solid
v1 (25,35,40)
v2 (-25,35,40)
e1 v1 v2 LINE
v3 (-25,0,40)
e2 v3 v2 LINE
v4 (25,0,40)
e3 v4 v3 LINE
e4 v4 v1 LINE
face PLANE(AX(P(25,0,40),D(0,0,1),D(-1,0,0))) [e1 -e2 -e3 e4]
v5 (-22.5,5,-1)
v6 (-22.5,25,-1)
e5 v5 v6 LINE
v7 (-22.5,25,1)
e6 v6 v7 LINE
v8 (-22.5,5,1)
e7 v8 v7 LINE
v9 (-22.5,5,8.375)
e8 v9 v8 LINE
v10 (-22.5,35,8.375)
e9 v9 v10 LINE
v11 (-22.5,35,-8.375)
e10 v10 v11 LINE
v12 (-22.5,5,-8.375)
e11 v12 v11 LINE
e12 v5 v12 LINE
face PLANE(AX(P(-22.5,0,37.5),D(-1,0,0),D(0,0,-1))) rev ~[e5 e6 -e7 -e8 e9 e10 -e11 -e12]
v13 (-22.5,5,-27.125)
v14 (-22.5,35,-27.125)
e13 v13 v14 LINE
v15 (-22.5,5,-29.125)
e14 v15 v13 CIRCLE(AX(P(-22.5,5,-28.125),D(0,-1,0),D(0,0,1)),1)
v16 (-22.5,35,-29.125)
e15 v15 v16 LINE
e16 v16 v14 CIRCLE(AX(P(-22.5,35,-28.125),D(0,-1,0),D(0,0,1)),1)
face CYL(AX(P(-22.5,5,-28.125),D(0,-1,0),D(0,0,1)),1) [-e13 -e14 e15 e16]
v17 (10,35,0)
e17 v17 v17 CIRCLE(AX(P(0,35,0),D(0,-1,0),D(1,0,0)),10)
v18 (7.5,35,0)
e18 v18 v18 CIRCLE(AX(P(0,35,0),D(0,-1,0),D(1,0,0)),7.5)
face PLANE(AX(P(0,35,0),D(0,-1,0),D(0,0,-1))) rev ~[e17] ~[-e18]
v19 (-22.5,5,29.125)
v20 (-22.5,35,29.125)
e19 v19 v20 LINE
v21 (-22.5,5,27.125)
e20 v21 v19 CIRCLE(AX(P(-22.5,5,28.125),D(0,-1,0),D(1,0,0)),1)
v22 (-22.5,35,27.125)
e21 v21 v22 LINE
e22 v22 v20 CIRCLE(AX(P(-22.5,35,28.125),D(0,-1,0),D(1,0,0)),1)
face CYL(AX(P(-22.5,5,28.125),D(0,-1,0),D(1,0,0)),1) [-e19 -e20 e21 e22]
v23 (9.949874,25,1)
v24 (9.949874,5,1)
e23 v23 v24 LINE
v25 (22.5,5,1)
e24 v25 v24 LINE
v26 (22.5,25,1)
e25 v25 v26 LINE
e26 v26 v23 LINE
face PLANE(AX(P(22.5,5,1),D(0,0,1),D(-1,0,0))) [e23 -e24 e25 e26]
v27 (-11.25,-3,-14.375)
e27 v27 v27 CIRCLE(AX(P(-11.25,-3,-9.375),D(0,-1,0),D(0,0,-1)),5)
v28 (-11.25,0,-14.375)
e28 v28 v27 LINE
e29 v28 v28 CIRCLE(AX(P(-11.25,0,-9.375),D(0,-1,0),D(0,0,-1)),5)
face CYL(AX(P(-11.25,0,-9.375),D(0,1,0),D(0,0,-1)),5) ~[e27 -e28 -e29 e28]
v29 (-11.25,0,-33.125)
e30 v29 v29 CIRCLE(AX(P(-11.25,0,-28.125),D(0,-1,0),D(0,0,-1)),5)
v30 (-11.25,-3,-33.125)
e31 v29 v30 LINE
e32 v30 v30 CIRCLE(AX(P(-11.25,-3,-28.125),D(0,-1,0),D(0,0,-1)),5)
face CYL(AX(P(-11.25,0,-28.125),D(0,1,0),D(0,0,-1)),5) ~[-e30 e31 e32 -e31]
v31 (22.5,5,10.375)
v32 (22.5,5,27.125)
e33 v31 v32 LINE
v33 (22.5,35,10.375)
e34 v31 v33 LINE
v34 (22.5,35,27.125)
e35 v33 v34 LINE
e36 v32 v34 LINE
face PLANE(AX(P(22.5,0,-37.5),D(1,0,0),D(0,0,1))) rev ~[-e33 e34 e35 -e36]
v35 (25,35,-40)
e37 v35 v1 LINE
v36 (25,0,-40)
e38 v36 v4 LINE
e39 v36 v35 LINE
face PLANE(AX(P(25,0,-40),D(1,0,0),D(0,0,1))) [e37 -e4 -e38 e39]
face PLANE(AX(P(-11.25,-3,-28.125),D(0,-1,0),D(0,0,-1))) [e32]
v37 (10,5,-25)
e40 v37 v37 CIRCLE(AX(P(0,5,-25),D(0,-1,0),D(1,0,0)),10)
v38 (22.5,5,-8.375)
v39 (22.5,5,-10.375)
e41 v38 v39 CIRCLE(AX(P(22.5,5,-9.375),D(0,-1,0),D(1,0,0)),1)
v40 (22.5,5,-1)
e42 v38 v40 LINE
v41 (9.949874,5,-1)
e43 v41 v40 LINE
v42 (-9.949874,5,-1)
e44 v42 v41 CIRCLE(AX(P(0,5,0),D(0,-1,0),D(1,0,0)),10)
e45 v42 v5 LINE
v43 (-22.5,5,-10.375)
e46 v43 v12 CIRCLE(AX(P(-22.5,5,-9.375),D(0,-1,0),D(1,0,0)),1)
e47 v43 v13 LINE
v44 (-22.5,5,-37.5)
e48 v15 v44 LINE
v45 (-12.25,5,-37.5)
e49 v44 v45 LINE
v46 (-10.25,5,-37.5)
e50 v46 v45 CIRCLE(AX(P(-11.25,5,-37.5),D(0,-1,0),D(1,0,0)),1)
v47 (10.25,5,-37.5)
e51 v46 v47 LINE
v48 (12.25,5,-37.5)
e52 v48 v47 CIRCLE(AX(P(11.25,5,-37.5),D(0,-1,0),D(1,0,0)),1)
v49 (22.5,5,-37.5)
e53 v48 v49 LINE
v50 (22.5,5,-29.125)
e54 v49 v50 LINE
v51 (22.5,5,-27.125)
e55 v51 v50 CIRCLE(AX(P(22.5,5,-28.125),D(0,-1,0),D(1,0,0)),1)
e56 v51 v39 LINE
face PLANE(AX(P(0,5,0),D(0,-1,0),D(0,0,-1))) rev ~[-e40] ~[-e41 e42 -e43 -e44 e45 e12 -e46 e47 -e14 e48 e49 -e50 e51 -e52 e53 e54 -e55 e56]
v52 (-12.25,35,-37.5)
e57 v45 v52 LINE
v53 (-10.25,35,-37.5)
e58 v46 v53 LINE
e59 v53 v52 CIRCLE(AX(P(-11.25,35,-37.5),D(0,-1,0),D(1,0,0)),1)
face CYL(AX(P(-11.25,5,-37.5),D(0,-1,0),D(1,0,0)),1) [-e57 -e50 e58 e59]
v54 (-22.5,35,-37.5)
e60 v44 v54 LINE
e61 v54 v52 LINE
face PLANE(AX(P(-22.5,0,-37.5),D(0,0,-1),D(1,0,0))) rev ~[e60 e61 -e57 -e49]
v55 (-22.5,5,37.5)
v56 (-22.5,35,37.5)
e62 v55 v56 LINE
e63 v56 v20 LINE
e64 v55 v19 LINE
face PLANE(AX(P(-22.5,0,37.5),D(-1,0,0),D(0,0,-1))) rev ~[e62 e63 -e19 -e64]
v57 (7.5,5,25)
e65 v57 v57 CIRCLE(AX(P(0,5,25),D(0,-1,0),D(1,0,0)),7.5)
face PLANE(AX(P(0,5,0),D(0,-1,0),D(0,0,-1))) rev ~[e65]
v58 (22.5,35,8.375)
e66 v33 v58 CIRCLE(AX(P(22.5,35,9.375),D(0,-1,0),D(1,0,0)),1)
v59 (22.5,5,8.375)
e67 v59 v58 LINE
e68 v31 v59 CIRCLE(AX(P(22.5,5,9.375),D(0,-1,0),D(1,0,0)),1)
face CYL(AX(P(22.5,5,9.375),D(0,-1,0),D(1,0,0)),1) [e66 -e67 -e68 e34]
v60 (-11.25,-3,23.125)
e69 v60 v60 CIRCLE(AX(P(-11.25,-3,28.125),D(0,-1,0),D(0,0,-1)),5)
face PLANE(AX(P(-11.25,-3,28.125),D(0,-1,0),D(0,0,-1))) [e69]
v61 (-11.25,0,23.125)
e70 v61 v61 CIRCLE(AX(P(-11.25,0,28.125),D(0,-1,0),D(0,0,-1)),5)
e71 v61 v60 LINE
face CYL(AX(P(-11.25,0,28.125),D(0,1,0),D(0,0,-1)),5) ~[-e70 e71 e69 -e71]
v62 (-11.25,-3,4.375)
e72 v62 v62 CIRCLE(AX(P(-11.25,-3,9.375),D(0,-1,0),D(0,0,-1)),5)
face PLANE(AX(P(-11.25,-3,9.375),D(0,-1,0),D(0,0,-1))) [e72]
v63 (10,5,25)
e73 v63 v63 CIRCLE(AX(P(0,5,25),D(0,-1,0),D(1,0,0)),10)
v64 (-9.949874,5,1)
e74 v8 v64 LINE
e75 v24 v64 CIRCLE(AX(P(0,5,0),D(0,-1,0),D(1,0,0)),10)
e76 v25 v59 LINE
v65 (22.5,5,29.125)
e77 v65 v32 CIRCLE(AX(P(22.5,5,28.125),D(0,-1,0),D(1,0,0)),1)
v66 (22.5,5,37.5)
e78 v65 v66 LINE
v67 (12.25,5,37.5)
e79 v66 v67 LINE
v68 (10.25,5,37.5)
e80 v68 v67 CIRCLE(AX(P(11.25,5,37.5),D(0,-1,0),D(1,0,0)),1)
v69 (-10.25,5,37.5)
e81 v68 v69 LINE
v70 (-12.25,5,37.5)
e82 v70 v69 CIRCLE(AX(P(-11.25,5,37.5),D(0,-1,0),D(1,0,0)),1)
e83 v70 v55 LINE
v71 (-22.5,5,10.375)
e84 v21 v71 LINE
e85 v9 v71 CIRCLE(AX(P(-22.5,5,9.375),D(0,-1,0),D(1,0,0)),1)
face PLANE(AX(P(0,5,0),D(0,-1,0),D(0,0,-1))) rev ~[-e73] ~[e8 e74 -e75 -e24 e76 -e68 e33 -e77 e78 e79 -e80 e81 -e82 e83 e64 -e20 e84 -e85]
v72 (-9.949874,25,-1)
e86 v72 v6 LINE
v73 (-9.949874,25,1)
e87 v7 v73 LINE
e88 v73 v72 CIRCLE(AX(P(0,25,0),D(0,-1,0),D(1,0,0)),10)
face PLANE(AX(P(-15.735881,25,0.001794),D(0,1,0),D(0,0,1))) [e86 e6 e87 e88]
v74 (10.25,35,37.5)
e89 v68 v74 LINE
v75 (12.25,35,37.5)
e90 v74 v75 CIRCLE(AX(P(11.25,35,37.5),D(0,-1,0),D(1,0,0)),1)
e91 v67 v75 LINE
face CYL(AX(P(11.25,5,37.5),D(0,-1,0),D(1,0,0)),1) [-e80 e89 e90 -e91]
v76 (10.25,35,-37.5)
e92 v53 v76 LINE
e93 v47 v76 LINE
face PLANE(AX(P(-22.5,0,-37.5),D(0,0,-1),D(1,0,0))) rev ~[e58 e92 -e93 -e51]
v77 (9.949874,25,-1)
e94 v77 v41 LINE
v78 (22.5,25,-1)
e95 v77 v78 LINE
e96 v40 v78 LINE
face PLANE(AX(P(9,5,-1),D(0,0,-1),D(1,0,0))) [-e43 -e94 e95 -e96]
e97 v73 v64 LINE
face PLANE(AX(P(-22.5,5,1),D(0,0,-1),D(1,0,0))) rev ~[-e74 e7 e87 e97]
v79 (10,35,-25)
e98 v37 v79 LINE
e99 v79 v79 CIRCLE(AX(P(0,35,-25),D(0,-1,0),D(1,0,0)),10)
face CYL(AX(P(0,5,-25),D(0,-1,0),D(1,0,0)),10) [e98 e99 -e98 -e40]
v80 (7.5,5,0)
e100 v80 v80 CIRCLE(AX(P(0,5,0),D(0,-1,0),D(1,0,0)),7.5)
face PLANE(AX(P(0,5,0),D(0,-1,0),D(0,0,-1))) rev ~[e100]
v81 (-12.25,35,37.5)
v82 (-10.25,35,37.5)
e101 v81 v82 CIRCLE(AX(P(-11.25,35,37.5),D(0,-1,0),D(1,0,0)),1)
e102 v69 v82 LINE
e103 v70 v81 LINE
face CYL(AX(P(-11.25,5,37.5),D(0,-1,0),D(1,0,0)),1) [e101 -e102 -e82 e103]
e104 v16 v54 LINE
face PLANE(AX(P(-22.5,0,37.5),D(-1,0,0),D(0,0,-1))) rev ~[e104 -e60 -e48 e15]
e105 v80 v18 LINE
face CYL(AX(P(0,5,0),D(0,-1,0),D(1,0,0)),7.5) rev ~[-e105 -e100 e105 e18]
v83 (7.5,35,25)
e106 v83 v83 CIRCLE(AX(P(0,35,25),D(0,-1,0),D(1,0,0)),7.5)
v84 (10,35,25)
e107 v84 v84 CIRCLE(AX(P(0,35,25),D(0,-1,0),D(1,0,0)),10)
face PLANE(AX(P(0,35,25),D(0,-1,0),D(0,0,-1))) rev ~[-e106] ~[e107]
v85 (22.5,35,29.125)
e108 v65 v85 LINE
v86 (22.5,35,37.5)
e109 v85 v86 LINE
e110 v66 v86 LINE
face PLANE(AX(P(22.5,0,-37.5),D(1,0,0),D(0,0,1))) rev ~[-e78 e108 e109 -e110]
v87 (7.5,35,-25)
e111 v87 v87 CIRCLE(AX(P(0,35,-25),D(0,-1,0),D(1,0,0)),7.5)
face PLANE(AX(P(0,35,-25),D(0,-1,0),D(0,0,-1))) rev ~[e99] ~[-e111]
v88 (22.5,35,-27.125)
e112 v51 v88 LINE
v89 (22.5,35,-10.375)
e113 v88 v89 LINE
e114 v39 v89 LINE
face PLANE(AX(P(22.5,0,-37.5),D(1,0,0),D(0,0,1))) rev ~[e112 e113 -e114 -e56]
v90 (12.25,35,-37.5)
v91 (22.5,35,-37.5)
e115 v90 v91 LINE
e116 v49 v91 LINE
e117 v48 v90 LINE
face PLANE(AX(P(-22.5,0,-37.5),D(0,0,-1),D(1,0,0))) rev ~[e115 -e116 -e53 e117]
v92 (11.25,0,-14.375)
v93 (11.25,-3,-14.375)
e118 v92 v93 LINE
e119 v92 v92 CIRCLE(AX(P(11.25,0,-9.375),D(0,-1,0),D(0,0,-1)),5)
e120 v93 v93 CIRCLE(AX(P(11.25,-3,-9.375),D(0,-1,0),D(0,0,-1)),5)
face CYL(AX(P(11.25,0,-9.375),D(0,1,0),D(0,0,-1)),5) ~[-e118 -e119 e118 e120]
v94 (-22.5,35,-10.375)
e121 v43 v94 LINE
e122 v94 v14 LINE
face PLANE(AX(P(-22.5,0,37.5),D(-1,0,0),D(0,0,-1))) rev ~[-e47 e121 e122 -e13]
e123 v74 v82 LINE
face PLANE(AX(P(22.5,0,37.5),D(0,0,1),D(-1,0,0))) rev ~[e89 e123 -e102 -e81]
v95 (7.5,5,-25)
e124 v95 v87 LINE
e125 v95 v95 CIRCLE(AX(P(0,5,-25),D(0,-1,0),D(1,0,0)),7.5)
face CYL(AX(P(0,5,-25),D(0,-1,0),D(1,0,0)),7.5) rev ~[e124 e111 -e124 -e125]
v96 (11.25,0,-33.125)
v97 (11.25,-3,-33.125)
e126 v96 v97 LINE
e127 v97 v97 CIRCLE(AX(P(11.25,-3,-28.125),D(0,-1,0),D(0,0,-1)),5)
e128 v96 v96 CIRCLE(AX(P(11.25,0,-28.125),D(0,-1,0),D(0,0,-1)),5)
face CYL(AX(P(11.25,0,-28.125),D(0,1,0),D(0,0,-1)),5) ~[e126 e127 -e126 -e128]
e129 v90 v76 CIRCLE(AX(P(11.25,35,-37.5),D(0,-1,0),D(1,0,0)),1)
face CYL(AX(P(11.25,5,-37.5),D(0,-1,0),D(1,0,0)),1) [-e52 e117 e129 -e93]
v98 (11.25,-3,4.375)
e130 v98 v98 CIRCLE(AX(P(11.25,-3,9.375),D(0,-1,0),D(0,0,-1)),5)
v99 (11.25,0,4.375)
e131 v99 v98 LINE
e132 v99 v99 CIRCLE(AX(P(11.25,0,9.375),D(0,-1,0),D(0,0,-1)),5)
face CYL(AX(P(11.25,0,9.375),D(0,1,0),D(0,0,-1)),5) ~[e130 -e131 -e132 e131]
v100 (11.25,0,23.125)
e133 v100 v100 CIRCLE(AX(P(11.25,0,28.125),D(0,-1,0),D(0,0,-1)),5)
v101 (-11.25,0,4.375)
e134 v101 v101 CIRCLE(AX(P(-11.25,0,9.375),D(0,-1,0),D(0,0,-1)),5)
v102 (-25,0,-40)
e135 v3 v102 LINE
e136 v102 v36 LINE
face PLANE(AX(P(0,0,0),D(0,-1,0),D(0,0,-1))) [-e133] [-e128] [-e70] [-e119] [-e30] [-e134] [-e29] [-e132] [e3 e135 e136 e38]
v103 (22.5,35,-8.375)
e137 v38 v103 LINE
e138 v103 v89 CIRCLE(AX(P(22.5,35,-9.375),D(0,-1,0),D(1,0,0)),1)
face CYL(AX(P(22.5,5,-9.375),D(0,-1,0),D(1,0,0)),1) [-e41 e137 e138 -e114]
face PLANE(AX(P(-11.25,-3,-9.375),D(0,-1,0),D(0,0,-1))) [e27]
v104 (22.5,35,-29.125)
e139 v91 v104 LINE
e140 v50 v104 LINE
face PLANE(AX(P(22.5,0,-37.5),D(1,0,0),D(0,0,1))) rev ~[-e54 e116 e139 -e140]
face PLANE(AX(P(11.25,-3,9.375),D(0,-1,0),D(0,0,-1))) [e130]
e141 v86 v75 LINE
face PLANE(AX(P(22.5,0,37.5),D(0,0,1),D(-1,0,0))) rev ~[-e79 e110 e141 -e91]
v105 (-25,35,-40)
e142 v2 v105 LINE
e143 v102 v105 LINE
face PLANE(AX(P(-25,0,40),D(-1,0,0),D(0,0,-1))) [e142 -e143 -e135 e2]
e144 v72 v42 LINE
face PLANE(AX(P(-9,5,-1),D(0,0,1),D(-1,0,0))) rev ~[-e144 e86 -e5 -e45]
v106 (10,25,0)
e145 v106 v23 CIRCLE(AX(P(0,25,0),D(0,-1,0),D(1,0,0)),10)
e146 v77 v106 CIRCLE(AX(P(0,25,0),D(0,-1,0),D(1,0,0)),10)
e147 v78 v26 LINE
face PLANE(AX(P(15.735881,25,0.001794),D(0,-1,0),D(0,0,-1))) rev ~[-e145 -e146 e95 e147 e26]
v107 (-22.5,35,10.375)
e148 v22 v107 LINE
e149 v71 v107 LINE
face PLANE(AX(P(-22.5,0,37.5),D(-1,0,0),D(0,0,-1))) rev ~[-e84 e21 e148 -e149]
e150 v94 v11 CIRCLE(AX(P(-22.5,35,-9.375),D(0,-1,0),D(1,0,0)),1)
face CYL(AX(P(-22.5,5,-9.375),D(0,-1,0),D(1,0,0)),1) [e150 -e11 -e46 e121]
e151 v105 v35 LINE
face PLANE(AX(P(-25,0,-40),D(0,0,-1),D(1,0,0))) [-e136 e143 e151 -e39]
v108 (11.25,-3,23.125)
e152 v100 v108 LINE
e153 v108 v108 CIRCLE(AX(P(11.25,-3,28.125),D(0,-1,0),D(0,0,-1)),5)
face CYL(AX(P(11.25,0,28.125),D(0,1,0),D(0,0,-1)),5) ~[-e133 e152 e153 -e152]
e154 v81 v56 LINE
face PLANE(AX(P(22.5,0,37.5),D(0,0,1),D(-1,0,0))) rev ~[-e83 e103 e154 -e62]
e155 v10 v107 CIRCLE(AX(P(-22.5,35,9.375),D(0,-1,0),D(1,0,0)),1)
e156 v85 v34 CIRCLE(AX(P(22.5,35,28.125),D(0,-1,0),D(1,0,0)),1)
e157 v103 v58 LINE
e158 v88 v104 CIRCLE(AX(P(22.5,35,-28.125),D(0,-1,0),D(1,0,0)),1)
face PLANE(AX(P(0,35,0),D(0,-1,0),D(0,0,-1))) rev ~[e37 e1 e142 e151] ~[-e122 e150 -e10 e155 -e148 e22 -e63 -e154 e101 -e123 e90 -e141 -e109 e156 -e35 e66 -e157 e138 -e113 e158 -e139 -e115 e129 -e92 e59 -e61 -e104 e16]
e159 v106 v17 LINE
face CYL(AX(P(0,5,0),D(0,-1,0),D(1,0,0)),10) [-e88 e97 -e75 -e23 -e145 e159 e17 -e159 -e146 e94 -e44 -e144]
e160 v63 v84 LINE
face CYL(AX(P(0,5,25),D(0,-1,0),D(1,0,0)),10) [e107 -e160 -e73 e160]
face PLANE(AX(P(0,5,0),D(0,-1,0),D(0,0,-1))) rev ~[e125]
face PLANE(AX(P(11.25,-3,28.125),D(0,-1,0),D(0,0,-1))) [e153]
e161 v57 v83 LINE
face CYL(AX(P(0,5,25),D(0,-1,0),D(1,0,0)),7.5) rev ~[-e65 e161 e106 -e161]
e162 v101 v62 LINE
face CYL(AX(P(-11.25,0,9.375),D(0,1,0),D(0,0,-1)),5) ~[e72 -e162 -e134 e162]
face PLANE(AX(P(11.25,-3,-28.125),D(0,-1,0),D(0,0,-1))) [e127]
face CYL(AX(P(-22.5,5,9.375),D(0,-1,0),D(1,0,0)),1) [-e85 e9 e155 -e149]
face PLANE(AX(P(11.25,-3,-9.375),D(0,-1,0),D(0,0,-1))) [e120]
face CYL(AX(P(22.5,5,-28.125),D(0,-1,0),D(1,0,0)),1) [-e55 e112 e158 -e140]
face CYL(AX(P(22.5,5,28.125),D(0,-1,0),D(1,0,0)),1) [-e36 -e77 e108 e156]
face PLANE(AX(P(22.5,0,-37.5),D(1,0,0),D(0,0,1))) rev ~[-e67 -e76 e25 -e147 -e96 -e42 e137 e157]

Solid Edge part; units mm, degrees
sketch "Sketch1" plane through (0, 0, 0) normal (0, -1, 0) x (1, 0, 0)
  line L0 (25, -40) -> (25, 40)
  line L1 (25, 40) -> (-25, 40)
  line L2 (-25, 40) -> (-25, -40)
  line L3 (-25, -40) -> (25, -40)
  line L4 (22.5, -37.5) -> (22.5, 37.5)
  line L5 (22.5, 37.5) -> (-22.5, 37.5)
  line L6 (-22.5, 37.5) -> (-22.5, -37.5)
  line L7 (-22.5, -37.5) -> (22.5, -37.5)
extrude "Protrusion1" add sketch "Sketch1" against normal blind 35
sketch "Sketch2" plane through (0, 0, 0) normal (0, -1, 0) x (1, 0, 0)
  line L0 (22.5, 37.5) -> (-22.5, 37.5)
  line L1 (-22.5, 37.5) -> (-22.5, -37.5)
  line L2 (-22.5, -37.5) -> (22.5, -37.5)
  line L3 (22.5, -37.5) -> (22.5, 37.5)
extrude "ExtrudedProtrusion_2" add sketch "Sketch2" against normal blind 5
sketch "Sketch3" plane through (0, 0, 0) normal (0, -1, 0) x (0, 0, -1)
  circle A0 centre (-28.125, 11.25) radius 5
extrude "ExtrudedProtrusion_3" add sketch "Sketch3" along normal blind 3
pattern_linear "Pattern1" count 4 spacing 18.75 along (0, 0, -1) count 2 spacing 22.5 along (-1, 0, 0) of "ExtrudedProtrusion_3"
sketch "Sketch4" plane through (0, 5, 0) normal (0, 1, 0) x (0, 0, -1)
  line L0 (1, -9) -> (1, -22.5)
  line L1 (1, -22.5) -> (-1, -22.5)
  line L2 (-1, -22.5) -> (-1, -8.9443)
  line L3 (-1, -8.9443) -> (1, -9)
  line L4 (1, 9) -> (1, 22.5)
  line L5 (1, 22.5) -> (-1, 22.5)
  line L6 (-1, 22.5) -> (-1, 8.9443)
  line L7 (-1, 8.9443) -> (1, 9)
extrude "ExtrudedProtrusion_8" add sketch "Sketch4" along normal blind 20
sketch "Sketch5" plane through (0, 5, 19.25) normal (0, 1, 0) x (0, 0, 1)
  line L0 (-46.375, -22.5) -> (-48.375, -22.5)
  arc A0 (-48.375, -22.5) -> (-46.375, -22.5) centre (-47.375, -22.5) cw
extrude "ExtrudedProtrusion_9" add sketch "Sketch5" along normal blind 30
sketch "Sketch6" plane through (0, 5, -19.25) normal (0, 1, 0) x (1, 0, 0)
  line L0 (22.5, 8.875) -> (22.5, 9.875)
  line L1 (22.5, 7.875) -> (22.5, 8.875)
  arc A0 (22.5, 7.875) -> (22.5, 9.875) centre (22.5, 8.875) cw
  line L2 (22.5, -9.875) -> (22.5, -8.875)
  line L3 (22.5, -10.875) -> (22.5, -9.875)
  arc A1 (22.5, -10.875) -> (22.5, -8.875) centre (22.5, -9.875) cw
  line L4 (22.5, -28.625) -> (22.5, -27.625)
  line L5 (22.5, -29.625) -> (22.5, -28.625)
  arc A2 (22.5, -29.625) -> (22.5, -27.625) centre (22.5, -28.625) cw
  line L6 (22.5, -47.375) -> (22.5, -46.375)
  line L7 (22.5, -47.375) -> (22.5, -48.375)
  arc A3 (22.5, -48.375) -> (22.5, -46.375) centre (22.5, -47.375) cw
  line L8 (-22.5, -28.625) -> (-22.5, -29.625)
  line L9 (-22.5, -27.625) -> (-22.5, -28.625)
  arc A4 (-22.5, -27.625) -> (-22.5, -29.625) centre (-22.5, -28.625) cw
  line L10 (-22.5, -8.875) -> (-22.5, -10.875)
  arc A5 (-22.5, -8.875) -> (-22.5, -10.875) centre (-22.5, -9.875) cw
  line L11 (-22.5, -47.375) -> (-22.5, -48.375)
  line L12 (-22.5, -46.375) -> (-22.5, -47.375)
  arc A6 (-22.5, -46.375) -> (-22.5, -48.375) centre (-22.5, -47.375) cw
extrude "ExtrudedProtrusion_10" add sketch "Sketch6" along normal blind 30
sketch "Sketch7" plane through (0, 5, 0) normal (0, -1, 0) x (1, 0, 0)
  circle A0 centre (0, -25) radius 10
  circle A1 centre (0, -25) radius 7.5
  circle A2 centre (0, 0) radius 10
  circle A3 centre (0, 0) radius 7.5
  circle A4 centre (0, 25) radius 10
  circle A5 centre (0, 25) radius 7.5
extrude "ExtrudedProtrusion_11" add sketch "Sketch7" against normal blind 30
sketch "Sketch8" plane through (0, 5, -19.25) normal (0, 1, 0) x (1, 0, 0)
  line L0 (-12.25, 18.25) -> (-11.25, 18.25)
  line L1 (-11.25, 18.25) -> (-10.25, 18.25)
  arc A0 (-10.25, 18.25) -> (-12.25, 18.25) centre (-11.25, 18.25) cw
  line L2 (10.25, 18.25) -> (11.25, 18.25)
  line L3 (11.25, 18.25) -> (12.25, 18.25)
  arc A1 (12.25, 18.25) -> (10.25, 18.25) centre (11.25, 18.25) cw
  line L4 (11.25, -56.75) -> (12.25, -56.75)
  line L5 (11.25, -56.75) -> (10.25, -56.75)
  arc A2 (10.25, -56.75) -> (12.25, -56.75) centre (11.25, -56.75) cw
  line L6 (-10.25, -56.75) -> (-11.25, -56.75)
  line L7 (-11.25, -56.75) -> (-12.25, -56.75)
  arc A3 (-12.25, -56.75) -> (-10.25, -56.75) centre (-11.25, -56.75) cw
extrude "ExtrudedProtrusion_12" add sketch "Sketch8" along normal blind 30
